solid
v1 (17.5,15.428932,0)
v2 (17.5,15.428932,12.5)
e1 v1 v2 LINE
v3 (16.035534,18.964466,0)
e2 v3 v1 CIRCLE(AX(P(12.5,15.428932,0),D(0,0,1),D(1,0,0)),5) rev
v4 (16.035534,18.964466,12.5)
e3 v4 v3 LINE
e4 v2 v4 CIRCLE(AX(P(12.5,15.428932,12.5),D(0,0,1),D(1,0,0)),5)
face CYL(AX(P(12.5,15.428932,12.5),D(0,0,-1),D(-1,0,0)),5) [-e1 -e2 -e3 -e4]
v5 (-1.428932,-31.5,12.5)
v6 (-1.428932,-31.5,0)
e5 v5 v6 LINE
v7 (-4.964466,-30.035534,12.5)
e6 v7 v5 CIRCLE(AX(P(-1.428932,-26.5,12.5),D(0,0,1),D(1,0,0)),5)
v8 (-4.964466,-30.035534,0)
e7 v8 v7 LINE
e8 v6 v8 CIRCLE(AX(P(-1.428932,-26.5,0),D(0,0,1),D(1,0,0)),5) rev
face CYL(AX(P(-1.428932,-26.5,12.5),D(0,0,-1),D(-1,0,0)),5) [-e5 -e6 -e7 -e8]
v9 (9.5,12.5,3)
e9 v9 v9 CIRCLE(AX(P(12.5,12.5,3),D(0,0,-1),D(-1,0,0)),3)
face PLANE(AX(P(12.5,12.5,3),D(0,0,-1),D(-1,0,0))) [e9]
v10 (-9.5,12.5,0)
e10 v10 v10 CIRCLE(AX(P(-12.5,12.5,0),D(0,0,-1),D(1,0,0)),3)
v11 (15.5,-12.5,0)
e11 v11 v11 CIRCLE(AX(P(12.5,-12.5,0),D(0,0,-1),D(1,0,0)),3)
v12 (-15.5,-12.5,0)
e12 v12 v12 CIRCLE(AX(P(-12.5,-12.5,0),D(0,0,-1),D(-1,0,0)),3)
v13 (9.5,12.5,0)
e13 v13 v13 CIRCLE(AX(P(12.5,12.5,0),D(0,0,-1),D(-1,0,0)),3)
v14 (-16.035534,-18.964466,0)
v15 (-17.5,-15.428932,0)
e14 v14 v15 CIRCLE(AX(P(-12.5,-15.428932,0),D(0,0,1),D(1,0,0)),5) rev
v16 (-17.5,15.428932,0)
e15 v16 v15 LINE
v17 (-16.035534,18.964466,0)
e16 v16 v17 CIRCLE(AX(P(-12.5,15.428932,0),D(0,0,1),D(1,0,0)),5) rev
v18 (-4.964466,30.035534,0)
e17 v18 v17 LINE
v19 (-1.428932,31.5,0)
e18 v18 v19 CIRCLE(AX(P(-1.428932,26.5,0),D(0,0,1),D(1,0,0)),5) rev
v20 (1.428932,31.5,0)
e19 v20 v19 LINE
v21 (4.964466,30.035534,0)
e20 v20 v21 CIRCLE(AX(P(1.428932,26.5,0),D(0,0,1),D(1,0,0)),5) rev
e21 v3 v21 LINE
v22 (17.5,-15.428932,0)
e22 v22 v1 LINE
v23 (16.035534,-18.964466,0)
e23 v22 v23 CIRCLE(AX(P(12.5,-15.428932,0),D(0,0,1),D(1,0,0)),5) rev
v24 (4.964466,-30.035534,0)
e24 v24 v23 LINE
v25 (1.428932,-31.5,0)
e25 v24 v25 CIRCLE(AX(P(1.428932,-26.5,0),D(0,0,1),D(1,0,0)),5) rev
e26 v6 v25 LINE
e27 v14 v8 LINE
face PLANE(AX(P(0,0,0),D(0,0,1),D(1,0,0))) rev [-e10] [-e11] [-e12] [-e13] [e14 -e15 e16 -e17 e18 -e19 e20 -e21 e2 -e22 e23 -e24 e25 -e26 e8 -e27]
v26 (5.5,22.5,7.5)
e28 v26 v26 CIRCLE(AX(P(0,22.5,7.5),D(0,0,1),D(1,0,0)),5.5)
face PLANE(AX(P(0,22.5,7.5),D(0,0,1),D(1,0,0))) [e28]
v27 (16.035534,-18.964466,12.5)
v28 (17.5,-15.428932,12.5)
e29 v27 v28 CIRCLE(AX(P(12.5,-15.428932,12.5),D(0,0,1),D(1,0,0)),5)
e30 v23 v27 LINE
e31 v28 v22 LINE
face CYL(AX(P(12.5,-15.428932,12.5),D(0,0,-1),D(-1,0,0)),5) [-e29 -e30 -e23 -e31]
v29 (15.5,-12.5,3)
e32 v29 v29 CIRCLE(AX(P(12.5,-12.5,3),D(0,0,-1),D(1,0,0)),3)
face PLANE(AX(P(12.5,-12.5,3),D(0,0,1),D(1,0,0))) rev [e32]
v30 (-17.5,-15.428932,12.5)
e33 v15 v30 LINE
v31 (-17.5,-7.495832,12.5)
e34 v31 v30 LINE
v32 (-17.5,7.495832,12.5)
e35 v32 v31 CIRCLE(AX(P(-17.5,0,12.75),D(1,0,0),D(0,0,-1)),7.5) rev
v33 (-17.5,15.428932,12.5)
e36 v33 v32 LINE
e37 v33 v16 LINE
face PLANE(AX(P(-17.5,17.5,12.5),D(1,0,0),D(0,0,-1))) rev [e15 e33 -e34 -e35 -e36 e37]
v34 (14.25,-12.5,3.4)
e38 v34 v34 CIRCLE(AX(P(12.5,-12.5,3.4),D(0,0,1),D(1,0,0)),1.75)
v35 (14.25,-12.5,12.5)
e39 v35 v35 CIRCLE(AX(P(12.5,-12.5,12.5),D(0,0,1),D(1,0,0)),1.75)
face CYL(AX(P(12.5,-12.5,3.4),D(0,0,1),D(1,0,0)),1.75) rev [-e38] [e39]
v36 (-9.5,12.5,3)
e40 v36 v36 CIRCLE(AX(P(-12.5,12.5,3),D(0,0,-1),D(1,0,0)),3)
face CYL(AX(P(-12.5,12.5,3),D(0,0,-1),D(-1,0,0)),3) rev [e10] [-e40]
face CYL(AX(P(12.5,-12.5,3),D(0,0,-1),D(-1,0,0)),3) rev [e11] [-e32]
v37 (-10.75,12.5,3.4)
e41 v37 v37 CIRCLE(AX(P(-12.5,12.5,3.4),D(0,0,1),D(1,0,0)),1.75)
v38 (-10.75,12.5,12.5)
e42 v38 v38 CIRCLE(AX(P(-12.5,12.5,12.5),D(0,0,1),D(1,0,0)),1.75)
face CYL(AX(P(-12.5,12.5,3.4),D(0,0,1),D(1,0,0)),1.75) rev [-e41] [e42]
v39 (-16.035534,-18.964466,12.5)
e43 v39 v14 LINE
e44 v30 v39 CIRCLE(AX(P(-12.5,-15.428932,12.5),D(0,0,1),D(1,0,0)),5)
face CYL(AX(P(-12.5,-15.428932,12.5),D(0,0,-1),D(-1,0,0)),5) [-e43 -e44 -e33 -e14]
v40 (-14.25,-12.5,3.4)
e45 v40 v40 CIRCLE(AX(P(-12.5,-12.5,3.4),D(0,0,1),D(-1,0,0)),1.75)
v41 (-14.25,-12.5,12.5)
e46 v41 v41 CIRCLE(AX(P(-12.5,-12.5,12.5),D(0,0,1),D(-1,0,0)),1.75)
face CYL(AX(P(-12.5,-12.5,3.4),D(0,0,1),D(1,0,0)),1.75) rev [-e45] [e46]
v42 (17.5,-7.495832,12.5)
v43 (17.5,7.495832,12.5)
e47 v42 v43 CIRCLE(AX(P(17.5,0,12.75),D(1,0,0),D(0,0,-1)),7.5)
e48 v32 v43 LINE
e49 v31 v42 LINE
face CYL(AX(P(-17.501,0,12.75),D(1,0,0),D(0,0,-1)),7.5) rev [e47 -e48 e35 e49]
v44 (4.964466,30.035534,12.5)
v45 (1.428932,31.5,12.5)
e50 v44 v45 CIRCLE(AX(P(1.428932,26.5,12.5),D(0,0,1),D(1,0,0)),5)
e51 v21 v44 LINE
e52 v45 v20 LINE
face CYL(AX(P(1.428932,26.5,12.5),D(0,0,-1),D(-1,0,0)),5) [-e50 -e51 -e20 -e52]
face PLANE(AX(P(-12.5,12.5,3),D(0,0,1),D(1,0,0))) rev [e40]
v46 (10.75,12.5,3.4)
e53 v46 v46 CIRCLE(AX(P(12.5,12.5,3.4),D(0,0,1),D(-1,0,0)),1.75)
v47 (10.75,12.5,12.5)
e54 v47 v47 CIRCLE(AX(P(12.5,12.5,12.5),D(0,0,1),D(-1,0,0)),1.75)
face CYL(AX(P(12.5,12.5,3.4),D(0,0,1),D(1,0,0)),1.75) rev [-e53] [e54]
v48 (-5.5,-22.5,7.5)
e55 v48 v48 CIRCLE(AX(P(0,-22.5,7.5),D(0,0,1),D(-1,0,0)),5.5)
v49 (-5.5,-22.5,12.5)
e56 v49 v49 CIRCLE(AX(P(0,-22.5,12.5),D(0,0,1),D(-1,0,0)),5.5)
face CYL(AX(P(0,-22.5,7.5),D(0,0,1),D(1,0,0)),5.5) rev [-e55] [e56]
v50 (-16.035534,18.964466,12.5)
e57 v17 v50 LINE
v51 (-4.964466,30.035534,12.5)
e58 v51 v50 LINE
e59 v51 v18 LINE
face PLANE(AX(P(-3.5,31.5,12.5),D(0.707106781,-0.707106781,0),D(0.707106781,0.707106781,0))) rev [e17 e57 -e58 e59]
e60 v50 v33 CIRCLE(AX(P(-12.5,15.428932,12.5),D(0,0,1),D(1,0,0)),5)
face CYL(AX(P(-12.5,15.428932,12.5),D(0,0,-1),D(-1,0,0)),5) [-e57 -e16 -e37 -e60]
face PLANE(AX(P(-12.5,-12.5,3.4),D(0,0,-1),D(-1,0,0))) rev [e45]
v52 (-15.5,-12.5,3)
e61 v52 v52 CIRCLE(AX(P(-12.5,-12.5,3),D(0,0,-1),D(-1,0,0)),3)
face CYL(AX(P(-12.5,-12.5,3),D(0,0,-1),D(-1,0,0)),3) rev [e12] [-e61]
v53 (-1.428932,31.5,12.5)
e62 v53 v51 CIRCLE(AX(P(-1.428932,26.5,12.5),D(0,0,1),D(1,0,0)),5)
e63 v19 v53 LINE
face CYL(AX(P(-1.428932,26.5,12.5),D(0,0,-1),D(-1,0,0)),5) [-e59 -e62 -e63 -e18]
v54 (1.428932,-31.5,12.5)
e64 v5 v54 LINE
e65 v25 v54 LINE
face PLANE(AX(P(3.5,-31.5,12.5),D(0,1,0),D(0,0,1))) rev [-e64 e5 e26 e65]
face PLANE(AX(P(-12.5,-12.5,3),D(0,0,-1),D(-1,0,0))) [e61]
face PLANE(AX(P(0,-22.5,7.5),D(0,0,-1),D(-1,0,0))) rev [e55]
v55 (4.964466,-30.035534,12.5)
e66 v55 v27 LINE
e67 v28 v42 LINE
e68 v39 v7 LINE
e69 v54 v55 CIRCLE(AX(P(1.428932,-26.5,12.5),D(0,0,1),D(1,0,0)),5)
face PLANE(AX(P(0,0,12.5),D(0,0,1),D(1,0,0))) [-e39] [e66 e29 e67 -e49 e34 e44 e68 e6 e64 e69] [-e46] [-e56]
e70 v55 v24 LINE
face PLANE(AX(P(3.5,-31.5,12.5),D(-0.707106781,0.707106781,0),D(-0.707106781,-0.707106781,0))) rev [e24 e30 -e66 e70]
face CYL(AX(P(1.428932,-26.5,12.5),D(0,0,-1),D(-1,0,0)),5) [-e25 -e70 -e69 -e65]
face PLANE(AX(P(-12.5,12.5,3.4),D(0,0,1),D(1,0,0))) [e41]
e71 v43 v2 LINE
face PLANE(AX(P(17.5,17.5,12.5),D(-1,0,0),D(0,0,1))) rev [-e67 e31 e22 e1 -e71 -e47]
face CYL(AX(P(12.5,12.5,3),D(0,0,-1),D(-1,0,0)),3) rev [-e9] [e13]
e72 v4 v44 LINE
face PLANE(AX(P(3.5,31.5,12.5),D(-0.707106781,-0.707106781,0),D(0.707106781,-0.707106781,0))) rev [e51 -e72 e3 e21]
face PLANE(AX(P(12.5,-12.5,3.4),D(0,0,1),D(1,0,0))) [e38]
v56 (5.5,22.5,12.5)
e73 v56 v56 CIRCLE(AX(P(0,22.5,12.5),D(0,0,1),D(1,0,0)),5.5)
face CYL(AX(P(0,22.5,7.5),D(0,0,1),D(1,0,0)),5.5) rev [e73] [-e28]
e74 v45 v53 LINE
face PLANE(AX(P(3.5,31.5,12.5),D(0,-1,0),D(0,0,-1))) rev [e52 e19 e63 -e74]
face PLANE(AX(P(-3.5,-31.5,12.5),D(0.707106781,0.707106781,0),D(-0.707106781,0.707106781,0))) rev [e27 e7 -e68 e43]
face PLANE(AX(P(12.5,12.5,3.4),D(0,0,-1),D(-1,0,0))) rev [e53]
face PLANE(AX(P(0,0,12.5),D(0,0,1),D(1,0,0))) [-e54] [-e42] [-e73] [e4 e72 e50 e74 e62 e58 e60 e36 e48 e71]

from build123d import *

# Parameters (mm, degrees)
BOSS_EXTRUDE1_DEPTH = 12.5
CUT_EXTRUDE1_REACH  = 50.719
SKETCH3_R           = 3
CUT_EXTRUDE2_DEPTH  = 3
SKETCH4_R           = 5.5
CUT_EXTRUDE3_DEPTH  = 5
FILLET1_R           = 5
SKETCH5_R           = 1.75
CUT_EXTRUDE4_DEPTH  = 9.1


with BuildPart() as part:
    # Sketch1 → Boss-Extrude1 (new body)
    with BuildSketch(Plane.XY):
        Polygon((-3.5, 31.5), (-17.5, 17.5), (-17.5, -17.5), (-3.5, -31.5), (3.5, -31.5), (17.5, -17.5), (17.5, 17.5), (3.5, 31.5), align=None)
    extrude(amount=BOSS_EXTRUDE1_DEPTH)

    # Sketch2 → Cut-Extrude1 (cut, up to next)
    with BuildSketch(Plane(origin=(17.5, 0, 0), x_dir=(0, 0, -1), z_dir=(1, 0, 0)), mode=Mode.PRIVATE) as cut_extrude1_sk1:
        with BuildLine():
            Line((-12.5, -7.495832175), (-12.5, 7.495832175))
            ThreePointArc((-12.5, 7.495832175), (-5.25, 0), (-12.5, -7.495832175))
        make_face()
    cut_extrude1_tool1 = extrude(cut_extrude1_sk1.sketch, amount=-CUT_EXTRUDE1_REACH, mode=Mode.PRIVATE) & part.part
    add(cut_extrude1_tool1.solids().sort_by_distance((17.5, 0, 9.431384))[0], mode=Mode.SUBTRACT)

    # Sketch3 → Cut-Extrude2 (cut)
    with BuildSketch(Plane(origin=(0, 0, 0), x_dir=(-1, 0, 0), z_dir=(0, 0, -1))):
        with Locations((-12.5, 12.5)):
            Circle(SKETCH3_R)
        with Locations(Location((12.5, 12.5, 0), (0, 0, 180))):
            Circle(SKETCH3_R)
        with Locations((12.5, -12.5)):
            Circle(SKETCH3_R)
        with Locations(Location((-12.5, -12.5, 0), (0, 0, 180))):
            Circle(SKETCH3_R)
    extrude(amount=-CUT_EXTRUDE2_DEPTH, mode=Mode.SUBTRACT)

    # Sketch4 → Cut-Extrude3 (cut)
    with BuildSketch(Plane.XY.offset(12.5)):
        with Locations((0, 22.5)):
            Circle(SKETCH4_R)
        with Locations(Location((0, -22.5, 0), (0, 0, 180))):
            Circle(SKETCH4_R)
    extrude(amount=-CUT_EXTRUDE3_DEPTH, mode=Mode.SUBTRACT)

    # Fillet1
    fillet1_edges = [part.edges().sort_by_distance(p)[0] for p in [
        (3.5, 31.5, 6.25),
        (17.5, 17.5, 6.25),
        (17.5, -17.5, 6.25),
        (3.5, -31.5, 6.25),
        (-3.5, -31.5, 6.25),
        (-17.5, -17.5, 6.25),
        (-17.5, 17.5, 6.25),
        (-3.5, 31.5, 6.25),
    ]]
    fillet(fillet1_edges, radius=FILLET1_R)

    # Sketch5 → Cut-Extrude4 (cut)
    with BuildSketch(Plane.XY.offset(12.5)):
        with Locations((-12.5, 12.5)):
            Circle(SKETCH5_R)
        with Locations(Location((12.5, 12.5, 0), (0, 0, 180))):
            Circle(SKETCH5_R)
        with Locations((12.5, -12.5)):
            Circle(SKETCH5_R)
        with Locations(Location((-12.5, -12.5, 0), (0, 0, 180))):
            Circle(SKETCH5_R)
    extrude(amount=-CUT_EXTRUDE4_DEPTH, mode=Mode.SUBTRACT)


solid = part.part
